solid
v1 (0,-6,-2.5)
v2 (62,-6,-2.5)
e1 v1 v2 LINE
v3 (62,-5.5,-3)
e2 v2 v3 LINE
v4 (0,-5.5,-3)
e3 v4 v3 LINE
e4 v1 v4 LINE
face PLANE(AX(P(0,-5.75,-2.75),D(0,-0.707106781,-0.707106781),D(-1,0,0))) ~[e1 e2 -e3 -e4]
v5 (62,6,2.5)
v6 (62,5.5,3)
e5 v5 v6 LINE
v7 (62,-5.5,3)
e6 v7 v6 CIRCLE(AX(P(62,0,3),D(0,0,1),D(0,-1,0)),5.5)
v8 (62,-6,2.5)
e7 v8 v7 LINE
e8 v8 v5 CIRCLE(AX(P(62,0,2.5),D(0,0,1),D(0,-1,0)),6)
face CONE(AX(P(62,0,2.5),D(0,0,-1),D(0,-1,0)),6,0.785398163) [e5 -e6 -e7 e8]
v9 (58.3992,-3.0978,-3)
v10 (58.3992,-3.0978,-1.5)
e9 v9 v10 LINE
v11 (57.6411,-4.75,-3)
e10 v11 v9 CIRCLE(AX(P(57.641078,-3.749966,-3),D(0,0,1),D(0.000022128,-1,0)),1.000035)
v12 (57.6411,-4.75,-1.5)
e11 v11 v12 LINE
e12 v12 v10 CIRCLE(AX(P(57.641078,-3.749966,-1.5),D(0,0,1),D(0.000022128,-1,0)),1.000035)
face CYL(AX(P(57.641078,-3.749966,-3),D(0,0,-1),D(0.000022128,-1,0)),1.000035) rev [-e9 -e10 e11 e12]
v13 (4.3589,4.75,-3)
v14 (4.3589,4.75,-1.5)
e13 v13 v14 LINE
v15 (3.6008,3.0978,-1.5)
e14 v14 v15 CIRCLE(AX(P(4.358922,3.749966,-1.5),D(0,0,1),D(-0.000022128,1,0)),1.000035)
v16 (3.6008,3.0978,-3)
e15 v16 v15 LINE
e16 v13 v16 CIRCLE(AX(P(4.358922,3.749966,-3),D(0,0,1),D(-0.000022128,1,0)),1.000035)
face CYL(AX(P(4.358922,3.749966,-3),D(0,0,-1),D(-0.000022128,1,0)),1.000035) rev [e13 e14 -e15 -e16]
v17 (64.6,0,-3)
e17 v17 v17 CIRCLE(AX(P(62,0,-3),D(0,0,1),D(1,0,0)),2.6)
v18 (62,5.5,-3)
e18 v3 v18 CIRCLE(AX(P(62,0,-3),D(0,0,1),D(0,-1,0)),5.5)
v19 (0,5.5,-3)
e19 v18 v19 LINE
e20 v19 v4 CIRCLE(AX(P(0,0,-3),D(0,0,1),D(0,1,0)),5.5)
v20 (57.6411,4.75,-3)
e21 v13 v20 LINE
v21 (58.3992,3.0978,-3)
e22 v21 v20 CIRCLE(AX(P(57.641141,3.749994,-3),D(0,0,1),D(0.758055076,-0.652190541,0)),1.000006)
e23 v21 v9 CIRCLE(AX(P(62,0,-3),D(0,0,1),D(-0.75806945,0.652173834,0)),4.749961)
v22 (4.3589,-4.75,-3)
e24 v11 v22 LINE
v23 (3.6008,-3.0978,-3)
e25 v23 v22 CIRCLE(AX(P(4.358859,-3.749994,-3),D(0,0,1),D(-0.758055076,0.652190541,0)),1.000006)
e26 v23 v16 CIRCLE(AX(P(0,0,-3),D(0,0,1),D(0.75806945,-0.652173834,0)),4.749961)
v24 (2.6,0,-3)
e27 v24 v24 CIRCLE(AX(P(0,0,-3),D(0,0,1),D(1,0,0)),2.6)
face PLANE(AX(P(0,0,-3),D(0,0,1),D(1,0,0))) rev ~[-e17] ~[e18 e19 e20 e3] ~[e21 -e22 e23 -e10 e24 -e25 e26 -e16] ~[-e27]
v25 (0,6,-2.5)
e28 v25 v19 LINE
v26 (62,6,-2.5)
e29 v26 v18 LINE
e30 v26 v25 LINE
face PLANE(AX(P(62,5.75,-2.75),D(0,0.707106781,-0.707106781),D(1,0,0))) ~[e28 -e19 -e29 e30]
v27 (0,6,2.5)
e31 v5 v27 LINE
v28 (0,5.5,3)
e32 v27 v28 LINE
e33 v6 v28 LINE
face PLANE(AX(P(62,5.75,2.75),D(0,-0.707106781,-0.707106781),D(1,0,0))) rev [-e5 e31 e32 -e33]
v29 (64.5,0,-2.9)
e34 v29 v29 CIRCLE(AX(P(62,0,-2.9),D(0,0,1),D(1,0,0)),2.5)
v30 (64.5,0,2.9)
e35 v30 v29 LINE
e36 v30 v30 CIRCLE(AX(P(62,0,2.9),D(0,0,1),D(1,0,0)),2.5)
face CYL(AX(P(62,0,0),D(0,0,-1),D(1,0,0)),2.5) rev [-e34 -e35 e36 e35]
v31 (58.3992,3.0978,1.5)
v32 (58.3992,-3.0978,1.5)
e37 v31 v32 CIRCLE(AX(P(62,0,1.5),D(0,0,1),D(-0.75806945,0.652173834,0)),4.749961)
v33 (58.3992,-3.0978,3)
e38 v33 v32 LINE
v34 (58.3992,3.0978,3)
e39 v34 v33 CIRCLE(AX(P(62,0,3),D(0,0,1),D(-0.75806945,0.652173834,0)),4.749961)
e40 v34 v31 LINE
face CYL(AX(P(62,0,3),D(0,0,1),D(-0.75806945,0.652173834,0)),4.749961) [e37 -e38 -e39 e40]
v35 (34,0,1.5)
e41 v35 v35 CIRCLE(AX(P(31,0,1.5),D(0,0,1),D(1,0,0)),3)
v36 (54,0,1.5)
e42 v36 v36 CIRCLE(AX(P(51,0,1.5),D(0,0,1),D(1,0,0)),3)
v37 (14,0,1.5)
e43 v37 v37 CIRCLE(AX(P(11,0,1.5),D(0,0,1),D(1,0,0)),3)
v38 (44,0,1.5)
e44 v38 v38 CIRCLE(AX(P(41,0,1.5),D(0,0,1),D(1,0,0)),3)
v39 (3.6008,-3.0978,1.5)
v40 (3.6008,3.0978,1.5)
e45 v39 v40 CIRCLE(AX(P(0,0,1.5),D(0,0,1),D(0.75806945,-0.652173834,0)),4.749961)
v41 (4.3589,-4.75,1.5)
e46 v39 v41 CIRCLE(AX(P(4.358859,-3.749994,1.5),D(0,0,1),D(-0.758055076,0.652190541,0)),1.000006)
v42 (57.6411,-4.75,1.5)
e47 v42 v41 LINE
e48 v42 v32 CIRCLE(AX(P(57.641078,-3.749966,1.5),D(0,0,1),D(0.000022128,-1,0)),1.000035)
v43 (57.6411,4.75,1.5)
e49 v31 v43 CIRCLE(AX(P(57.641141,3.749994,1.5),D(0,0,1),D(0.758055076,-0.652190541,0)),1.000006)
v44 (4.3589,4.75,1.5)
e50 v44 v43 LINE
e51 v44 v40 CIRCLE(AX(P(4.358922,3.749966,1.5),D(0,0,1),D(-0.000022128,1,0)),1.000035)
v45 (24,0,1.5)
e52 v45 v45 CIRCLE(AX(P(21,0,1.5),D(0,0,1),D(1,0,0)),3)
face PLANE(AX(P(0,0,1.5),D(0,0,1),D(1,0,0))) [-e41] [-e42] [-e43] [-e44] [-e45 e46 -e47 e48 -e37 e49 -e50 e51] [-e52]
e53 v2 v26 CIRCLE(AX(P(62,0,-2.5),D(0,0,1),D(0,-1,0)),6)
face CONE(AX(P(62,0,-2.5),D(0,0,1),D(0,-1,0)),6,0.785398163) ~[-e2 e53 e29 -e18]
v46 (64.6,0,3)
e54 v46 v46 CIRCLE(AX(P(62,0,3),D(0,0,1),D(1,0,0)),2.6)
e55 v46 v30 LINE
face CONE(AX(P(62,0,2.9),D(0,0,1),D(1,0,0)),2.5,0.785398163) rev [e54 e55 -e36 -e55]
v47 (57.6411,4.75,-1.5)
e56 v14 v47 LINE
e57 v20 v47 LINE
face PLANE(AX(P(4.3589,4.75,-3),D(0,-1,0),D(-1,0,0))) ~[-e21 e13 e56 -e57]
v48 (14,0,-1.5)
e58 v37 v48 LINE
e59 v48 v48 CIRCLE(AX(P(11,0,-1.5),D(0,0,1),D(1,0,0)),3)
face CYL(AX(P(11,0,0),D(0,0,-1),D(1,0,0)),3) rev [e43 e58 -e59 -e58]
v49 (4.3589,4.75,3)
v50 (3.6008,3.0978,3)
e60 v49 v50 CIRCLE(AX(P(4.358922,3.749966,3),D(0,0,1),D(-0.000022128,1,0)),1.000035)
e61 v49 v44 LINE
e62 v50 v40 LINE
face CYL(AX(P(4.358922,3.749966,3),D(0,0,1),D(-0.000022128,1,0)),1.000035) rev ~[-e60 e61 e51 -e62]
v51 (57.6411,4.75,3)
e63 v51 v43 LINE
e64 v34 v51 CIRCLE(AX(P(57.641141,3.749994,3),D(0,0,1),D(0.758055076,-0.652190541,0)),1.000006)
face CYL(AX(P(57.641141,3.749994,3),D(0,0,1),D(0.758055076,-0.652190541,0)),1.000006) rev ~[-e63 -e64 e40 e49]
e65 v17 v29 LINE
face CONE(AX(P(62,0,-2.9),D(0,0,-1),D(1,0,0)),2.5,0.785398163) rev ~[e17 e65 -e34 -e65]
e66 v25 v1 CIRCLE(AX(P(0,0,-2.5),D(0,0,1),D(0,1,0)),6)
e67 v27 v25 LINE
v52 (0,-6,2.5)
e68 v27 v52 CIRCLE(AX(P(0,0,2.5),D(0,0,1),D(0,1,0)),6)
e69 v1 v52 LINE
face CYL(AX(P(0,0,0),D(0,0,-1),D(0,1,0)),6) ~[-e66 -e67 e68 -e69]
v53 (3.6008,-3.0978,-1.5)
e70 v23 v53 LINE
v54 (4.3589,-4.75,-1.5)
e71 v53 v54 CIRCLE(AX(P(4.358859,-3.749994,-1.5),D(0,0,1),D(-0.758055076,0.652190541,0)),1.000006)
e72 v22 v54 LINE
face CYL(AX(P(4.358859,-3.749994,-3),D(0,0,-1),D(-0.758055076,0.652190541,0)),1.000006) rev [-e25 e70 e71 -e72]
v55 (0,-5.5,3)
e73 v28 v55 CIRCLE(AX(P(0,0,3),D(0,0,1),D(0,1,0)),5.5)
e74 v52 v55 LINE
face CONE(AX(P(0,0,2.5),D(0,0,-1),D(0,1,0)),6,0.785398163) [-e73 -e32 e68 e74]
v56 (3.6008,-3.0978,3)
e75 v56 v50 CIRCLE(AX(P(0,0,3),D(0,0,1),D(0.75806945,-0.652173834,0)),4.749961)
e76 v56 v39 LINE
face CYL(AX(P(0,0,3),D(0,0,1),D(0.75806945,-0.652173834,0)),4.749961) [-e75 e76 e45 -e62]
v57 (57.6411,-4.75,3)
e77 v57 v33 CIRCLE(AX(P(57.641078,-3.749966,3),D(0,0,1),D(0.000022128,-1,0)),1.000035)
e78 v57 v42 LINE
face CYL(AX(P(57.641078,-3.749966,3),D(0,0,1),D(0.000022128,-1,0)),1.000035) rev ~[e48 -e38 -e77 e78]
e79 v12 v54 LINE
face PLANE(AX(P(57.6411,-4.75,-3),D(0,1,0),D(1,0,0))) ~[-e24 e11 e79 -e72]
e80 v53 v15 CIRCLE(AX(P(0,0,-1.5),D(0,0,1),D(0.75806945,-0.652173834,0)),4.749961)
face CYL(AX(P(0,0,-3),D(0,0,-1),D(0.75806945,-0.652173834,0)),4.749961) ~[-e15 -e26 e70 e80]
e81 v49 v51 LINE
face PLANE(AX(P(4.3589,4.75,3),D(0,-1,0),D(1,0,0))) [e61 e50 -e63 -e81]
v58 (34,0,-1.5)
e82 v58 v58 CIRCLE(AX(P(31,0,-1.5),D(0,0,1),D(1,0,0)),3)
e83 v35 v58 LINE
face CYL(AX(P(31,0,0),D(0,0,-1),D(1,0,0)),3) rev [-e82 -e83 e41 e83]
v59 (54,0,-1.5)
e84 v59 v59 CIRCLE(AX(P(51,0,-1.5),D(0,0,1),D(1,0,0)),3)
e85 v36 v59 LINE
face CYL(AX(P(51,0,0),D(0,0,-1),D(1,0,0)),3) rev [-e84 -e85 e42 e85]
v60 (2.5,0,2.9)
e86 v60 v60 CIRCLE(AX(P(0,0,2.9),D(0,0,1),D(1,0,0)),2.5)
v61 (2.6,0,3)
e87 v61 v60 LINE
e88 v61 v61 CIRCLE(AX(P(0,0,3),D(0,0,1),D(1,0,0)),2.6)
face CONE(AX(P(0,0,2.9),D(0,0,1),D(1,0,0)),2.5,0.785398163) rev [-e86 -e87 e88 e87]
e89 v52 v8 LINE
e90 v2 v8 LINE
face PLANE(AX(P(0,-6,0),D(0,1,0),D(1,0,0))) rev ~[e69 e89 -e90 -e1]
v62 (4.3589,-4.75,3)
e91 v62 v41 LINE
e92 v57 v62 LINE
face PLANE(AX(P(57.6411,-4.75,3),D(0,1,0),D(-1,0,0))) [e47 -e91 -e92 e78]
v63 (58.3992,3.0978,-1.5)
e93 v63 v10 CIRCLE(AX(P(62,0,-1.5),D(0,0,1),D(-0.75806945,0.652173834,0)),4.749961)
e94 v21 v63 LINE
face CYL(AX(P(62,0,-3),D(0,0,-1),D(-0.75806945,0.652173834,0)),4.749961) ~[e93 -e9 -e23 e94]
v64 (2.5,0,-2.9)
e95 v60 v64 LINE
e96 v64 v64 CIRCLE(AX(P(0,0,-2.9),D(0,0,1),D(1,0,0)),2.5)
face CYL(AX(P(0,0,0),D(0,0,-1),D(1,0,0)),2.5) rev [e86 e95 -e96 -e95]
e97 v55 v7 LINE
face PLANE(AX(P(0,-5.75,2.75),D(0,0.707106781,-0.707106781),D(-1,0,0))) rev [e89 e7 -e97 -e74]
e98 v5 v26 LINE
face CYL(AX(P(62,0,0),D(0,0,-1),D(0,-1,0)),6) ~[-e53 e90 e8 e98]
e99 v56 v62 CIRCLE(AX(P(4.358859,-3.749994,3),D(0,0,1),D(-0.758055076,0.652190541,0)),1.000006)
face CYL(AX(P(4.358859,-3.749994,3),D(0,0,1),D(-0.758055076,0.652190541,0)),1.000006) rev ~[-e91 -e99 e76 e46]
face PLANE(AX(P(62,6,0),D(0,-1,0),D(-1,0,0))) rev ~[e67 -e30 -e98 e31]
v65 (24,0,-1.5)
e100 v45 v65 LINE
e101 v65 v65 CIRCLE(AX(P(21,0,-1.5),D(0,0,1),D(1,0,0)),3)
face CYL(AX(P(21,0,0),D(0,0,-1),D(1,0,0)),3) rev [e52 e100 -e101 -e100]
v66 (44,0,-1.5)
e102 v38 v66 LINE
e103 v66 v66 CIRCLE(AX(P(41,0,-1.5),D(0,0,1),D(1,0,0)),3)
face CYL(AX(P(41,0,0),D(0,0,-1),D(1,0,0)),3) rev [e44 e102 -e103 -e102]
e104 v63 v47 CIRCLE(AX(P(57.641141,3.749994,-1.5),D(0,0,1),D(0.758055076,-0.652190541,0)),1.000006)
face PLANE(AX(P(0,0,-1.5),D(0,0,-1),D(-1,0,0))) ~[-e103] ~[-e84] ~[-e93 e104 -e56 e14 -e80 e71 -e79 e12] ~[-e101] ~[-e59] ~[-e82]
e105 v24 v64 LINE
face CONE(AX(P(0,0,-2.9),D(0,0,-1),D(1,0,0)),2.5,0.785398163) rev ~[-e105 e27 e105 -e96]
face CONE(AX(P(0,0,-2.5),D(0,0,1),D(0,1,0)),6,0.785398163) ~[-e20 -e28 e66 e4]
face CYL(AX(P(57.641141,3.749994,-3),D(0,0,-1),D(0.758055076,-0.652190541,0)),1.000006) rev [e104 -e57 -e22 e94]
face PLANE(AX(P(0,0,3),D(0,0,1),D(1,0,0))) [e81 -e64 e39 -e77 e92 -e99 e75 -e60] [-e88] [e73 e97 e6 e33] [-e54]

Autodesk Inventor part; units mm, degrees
ref_plane "YZ Plane" through (0, 0, 0) normal (1, 0, 0) x (0, 1, 0)
ref_plane "XZ Plane" through (0, 0, 0) normal (0, 1, 0) x (-1, 0, 0)
ref_plane "XY Plane" through (0, 0, 0) normal (0, 0, 1) x (1, 0, 0)
sketch "Sketch1" plane through (0, 0, 0) normal (0, 0, 1) x (1, 0, 0)
  line L0 (0, 0) -> (62, 0) construction
  line L1 (0, -6) -> (62, -6)
  line L2 (62, 6) -> (0, 6)
  arc A0 (0, 6) -> (0, -6) centre (0, 0) ccw
  arc A1 (62, -6) -> (62, 6) centre (62, 0) ccw
  circle A2 centre (0, 0) radius 2.5
  circle A3 centre (62, 0) radius 2.5
  circle A4 centre (11, 0) radius 3
  circle A5 centre (21, 0) radius 3
  circle A6 centre (31, 0) radius 3
  circle A7 centre (41, 0) radius 3
  circle A8 centre (51, 0) radius 3
  point P0 (31, 0)
  dimension "d0" = 6
  dimension "d1" = 5
  dimension "d2" = 62
  dimension "d3" = 6
  dimension "d4" = 11
  dimension "d7" = 10
extrude "Extrusion1" add sketch "Sketch1" along normal mid plane 6
sketch "Sketch2" plane through (0, 0, 3) normal (0, 0, 1) x (1, 0, 0)
  arc A0 (0, 6) -> (0, -6) centre (0, 0) ccw projected
  circle A1 centre (11, 0) radius 3 projected
  circle A2 centre (21, 0) radius 3 projected
  circle A3 centre (31, 0) radius 3 projected
  circle A4 centre (41, 0) radius 3 projected
  circle A5 centre (51, 0) radius 3 projected
  line L0 (4.3589, 4.75) -> (57.6411, 4.75)
  line L1 (57.6411, -4.75) -> (4.3589, -4.75)
  arc A6 (3.6008, -3.0978) -> (3.6008, 3.0978) centre (0, 0) ccw
  arc A7 (4.3589, 4.75) -> (3.6008, 3.0978) centre (4.3589, 3.75) ccw
  arc A8 (3.6008, -3.0978) -> (4.3589, -4.75) centre (4.3589, -3.75) ccw
  line L2 (31, 3) -> (31, -3) construction
  arc A9 (58.3992, 3.0978) -> (58.3992, -3.0978) centre (62, 0) ccw
  arc A10 (57.6411, -4.75) -> (58.3992, -3.0978) centre (57.6411, -3.75) ccw
  arc A11 (58.3992, 3.0978) -> (57.6411, 4.75) centre (57.6411, 3.75) ccw
  point P0 (0, 4.75)
  point P1 (0, -4.75)
  dimension "d14" = 1
  dimension "d15" = 4.75
extrude "Extrusion2" cut sketch "Sketch2" against normal blind 1.5
mirror "Mirror1" about plane through (0, 0, 0) normal (0, 0, 1) of "Extrusion2"
chamfer "Chamfer1" distance 0.5 angle 45 8 edges at (31, 6, 3) (-6, 0, 3) (31, -6, 3) (68, 0, 3) (31, 6, -3) (68, 0, -3) (31, -6, -3) (-6, 0, -3)
chamfer "Chamfer2" distance 0.1 angle 45 4 edges at (-2.5, 0, 3) (59.5, 0, 3) (59.5, 0, -3) (-2.5, 0, -3)
ref_plane "Work Plane1" through (0, 0, 0) normal (0, 0, 1) x (1, 0, 0)
properties part number "Crankrod"
